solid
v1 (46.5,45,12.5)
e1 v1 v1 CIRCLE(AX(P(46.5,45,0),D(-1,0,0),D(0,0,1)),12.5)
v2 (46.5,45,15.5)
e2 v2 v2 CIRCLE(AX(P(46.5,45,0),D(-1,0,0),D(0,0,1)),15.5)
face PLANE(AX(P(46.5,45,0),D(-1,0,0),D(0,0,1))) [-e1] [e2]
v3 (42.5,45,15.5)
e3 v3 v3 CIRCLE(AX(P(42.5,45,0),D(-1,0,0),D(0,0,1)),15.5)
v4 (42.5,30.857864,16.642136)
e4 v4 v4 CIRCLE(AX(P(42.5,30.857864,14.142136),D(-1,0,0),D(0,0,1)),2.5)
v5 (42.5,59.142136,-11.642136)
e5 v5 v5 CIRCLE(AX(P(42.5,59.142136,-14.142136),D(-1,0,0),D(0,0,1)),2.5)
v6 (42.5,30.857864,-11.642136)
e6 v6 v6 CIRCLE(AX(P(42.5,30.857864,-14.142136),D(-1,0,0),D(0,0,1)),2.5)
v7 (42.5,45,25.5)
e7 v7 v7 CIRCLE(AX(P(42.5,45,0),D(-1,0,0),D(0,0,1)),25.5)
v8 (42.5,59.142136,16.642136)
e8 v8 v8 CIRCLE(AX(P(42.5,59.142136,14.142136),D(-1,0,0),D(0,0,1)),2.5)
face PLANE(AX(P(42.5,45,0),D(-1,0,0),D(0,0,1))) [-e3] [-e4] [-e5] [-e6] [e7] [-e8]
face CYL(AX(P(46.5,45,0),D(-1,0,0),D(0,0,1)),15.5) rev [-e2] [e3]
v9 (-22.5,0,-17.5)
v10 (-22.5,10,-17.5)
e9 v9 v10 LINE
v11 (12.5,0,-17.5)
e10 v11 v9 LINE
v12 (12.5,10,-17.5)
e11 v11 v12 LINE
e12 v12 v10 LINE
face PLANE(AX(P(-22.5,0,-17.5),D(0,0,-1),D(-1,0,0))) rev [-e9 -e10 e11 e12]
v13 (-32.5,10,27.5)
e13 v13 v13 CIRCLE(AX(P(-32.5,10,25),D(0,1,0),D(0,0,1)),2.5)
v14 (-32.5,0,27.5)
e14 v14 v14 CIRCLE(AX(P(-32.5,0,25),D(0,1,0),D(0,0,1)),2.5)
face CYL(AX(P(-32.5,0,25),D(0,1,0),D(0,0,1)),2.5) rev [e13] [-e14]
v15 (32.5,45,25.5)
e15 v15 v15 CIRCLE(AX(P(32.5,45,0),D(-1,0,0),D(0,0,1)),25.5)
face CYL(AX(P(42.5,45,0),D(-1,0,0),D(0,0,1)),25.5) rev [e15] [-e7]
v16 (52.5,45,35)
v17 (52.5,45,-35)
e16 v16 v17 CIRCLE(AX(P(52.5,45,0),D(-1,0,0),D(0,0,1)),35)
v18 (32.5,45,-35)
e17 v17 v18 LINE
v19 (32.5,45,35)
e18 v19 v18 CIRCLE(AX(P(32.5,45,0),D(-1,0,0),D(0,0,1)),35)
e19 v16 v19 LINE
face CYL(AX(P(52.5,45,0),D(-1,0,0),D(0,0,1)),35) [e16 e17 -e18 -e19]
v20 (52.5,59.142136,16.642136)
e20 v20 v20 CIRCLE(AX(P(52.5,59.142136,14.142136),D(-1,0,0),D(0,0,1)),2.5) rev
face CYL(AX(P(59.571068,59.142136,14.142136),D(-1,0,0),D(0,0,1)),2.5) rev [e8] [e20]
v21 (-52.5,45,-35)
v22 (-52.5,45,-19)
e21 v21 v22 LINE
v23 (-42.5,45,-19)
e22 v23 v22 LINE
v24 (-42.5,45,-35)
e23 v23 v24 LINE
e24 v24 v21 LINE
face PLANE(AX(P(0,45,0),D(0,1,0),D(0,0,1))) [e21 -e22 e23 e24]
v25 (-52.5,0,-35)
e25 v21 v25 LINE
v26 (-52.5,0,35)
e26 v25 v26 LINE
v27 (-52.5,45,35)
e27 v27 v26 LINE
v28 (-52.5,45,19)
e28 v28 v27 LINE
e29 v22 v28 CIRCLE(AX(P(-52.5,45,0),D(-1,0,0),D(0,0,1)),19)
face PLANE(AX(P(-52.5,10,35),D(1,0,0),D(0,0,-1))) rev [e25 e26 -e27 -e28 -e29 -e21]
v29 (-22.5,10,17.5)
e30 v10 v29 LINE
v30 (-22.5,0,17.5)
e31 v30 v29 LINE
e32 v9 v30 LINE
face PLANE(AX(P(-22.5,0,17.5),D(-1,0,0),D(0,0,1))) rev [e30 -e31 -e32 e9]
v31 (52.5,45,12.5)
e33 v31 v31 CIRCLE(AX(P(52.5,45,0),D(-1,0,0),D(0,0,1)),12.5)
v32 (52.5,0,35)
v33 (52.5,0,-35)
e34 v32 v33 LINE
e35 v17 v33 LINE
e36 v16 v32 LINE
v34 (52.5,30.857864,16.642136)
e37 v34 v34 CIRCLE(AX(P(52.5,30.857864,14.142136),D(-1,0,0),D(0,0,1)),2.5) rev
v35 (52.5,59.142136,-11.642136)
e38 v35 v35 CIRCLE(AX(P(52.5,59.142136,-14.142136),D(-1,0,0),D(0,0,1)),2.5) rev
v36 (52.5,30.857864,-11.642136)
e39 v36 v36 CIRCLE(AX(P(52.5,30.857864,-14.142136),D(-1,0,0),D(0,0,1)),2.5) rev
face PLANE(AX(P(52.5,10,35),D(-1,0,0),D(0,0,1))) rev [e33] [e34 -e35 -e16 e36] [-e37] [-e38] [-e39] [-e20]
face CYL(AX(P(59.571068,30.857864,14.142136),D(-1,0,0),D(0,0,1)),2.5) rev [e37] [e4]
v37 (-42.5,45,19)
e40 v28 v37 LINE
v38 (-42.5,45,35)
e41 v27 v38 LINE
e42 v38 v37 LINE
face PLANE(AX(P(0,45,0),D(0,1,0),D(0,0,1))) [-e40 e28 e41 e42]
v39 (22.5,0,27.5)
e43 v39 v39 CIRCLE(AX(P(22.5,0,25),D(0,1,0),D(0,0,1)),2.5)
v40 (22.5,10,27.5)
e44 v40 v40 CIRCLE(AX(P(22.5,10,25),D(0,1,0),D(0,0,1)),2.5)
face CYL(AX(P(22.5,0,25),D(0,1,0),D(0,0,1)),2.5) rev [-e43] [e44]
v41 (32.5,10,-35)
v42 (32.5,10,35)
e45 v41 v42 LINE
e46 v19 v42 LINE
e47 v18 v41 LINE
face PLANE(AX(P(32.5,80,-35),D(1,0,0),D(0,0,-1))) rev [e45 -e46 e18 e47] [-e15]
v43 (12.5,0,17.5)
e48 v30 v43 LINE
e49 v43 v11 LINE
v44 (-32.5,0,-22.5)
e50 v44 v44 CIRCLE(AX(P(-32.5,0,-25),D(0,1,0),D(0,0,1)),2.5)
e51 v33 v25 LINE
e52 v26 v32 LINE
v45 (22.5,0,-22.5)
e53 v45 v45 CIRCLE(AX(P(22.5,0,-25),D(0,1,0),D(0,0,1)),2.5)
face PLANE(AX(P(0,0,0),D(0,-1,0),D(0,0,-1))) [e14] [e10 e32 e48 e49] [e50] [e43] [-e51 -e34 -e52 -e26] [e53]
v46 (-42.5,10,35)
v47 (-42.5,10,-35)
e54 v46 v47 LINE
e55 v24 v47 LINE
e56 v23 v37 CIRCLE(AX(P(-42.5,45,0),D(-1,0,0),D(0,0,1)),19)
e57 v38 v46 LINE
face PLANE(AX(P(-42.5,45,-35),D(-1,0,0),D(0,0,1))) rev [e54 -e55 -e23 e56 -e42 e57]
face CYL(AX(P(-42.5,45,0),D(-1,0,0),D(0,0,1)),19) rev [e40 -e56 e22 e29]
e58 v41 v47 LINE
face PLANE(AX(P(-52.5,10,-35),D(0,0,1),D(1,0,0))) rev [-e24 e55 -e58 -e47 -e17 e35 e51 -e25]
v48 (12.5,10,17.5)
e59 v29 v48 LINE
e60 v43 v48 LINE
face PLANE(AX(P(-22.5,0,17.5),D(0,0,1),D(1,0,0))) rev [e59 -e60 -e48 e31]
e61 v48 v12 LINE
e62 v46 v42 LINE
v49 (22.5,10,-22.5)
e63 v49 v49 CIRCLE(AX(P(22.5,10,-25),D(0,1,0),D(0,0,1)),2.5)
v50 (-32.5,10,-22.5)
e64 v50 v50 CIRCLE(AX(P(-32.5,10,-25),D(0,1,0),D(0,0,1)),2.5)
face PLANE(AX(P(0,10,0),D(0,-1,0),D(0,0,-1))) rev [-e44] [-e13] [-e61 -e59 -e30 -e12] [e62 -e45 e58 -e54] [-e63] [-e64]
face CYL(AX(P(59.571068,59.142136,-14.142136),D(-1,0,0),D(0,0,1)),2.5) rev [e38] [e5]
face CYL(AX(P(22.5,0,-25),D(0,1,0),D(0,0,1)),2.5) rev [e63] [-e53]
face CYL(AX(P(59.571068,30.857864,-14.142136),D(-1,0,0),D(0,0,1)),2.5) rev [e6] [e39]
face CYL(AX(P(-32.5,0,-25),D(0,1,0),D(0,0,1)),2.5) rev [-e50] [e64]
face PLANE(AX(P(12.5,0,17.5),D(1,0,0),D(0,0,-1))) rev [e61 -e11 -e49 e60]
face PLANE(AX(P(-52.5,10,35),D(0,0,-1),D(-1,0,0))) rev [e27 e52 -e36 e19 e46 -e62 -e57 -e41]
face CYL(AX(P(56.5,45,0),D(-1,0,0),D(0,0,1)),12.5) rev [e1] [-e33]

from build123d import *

# Parameters (mm, degrees)
SKETCH1_W           = 105
SKETCH1_H           = 70
BOSS_EXTRUDE1_DEPTH = 10
SKETCH2_W           = 20
SKETCH2_H           = 70
BOSS_EXTRUDE2_DEPTH = 70
CUT_EXTRUDE1_DEPTH  = 20
SKETCH4_R           = 25.5
CUT_EXTRUDE2_DEPTH  = 10
SKETCH5_R           = 15.5
CUT_EXTRUDE3_DEPTH  = 4
SKETCH7_R           = 2.5
CUT_EXTRUDE5_DEPTH  = 10
SKETCH9_W           = 10
SKETCH9_H           = 70
BOSS_EXTRUDE4_DEPTH = 35
SKETCH10_R          = 19
CUT_EXTRUDE7_DEPTH  = 10
SKETCH11_R          = 2.5
CUT_EXTRUDE9_DEPTH  = 10
SKETCH6_R           = 12.5
CUT_EXTRUDE10_DEPTH = 10
SKETCH13_W          = 35
SKETCH13_H          = 35
CUT_EXTRUDE11_DEPTH = 10


with BuildPart() as part:
    # Sketch1 → Boss-Extrude1 (new body)
    with BuildSketch(Plane(origin=(0, 0, 0), x_dir=(1, 0, 0), z_dir=(0, 1, 0))):
        Rectangle(SKETCH1_W, SKETCH1_H)
    extrude(amount=BOSS_EXTRUDE1_DEPTH)

    # Sketch2 → Boss-Extrude2 (add)
    with BuildSketch(Plane(origin=(0, 10, 0), x_dir=(1, 0, 0), z_dir=(0, 1, 0))):
        with Locations((42.5, 0)):
            Rectangle(SKETCH2_W, SKETCH2_H)
    extrude(amount=BOSS_EXTRUDE2_DEPTH)

    # Sketch3 → Cut-Extrude1 (cut)
    with BuildSketch(Plane.ZY.offset(-32.5)):
        with BuildLine():
            Line((3e-08, 80), (-35, 80))
            Line((-35, 80), (-35, 45))
            ThreePointArc((-35, 45), (-24.748737331, 69.748737352), (3e-08, 80))
        make_face()
        with BuildLine():
            Line((35, 80), (3e-08, 80))
            ThreePointArc((3e-08, 80), (24.748737352, 69.748737331), (35, 45))
            Line((35, 45), (35, 80))
        make_face()
    extrude(amount=-CUT_EXTRUDE1_DEPTH, mode=Mode.SUBTRACT)

    # Sketch4 → Cut-Extrude2 (cut)
    with BuildSketch(Plane.ZY.offset(-32.5)):
        with Locations((0, 45)):
            Circle(SKETCH4_R)
    extrude(amount=-CUT_EXTRUDE2_DEPTH, mode=Mode.SUBTRACT)

    # Sketch5 → Cut-Extrude3 (cut)
    with BuildSketch(Plane.ZY.offset(-42.5)):
        with Locations((0, 45)):
            Circle(SKETCH5_R)
    extrude(amount=-CUT_EXTRUDE3_DEPTH, mode=Mode.SUBTRACT)

    # Sketch7 → Cut-Extrude5 (cut)
    with BuildSketch(Plane.ZY.offset(-42.5)):
        with Locations((14.142135624, 59.142135624)):
            Circle(SKETCH7_R)
        with Locations((14.142135624, 30.857864376)):
            Circle(SKETCH7_R)
        with Locations((-14.142135624, 30.857864376)):
            Circle(SKETCH7_R)
        with Locations((-14.142135624, 59.142135624)):
            Circle(SKETCH7_R)
    extrude(amount=-CUT_EXTRUDE5_DEPTH, mode=Mode.SUBTRACT)

    # Sketch9 → Boss-Extrude4 (add)
    with BuildSketch(Plane(origin=(0, 10, 0), x_dir=(1, 0, 0), z_dir=(0, 1, 0))):
        with Locations((-47.5, 0)):
            Rectangle(SKETCH9_W, SKETCH9_H)
    extrude(amount=BOSS_EXTRUDE4_DEPTH)

    # Sketch10 → Cut-Extrude7 (cut)
    with BuildSketch(Plane.ZY.offset(52.5)):
        with Locations((0, 45)):
            Circle(SKETCH10_R)
    extrude(amount=-CUT_EXTRUDE7_DEPTH, mode=Mode.SUBTRACT)

    # Sketch11 → Cut-Extrude9 (cut)
    with BuildSketch(Plane(origin=(0, 10, 0), x_dir=(1, 0, 0), z_dir=(0, 1, 0))):
        with Locations((-32.5, 25)):
            Circle(SKETCH11_R)
        with Locations((22.5, 25)):
            Circle(SKETCH11_R)
        with Locations((22.5, -25)):
            Circle(SKETCH11_R)
        with Locations((-32.5, -25)):
            Circle(SKETCH11_R)
    extrude(amount=-CUT_EXTRUDE9_DEPTH, mode=Mode.SUBTRACT)

    # Sketch6 → Cut-Extrude10 (cut)
    with BuildSketch(Plane.ZY.offset(-46.5)):
        with Locations((0, 45)):
            Circle(SKETCH6_R)
    extrude(amount=-CUT_EXTRUDE10_DEPTH, mode=Mode.SUBTRACT)

    # Sketch13 → Cut-Extrude11 (cut)
    with BuildSketch(Plane(origin=(0, 10, 0), x_dir=(1, 0, 0), z_dir=(0, 1, 0))):
        with Locations((-5, 0)):
            Rectangle(SKETCH13_W, SKETCH13_H)
    extrude(amount=-CUT_EXTRUDE11_DEPTH, mode=Mode.SUBTRACT)


solid = part.part
